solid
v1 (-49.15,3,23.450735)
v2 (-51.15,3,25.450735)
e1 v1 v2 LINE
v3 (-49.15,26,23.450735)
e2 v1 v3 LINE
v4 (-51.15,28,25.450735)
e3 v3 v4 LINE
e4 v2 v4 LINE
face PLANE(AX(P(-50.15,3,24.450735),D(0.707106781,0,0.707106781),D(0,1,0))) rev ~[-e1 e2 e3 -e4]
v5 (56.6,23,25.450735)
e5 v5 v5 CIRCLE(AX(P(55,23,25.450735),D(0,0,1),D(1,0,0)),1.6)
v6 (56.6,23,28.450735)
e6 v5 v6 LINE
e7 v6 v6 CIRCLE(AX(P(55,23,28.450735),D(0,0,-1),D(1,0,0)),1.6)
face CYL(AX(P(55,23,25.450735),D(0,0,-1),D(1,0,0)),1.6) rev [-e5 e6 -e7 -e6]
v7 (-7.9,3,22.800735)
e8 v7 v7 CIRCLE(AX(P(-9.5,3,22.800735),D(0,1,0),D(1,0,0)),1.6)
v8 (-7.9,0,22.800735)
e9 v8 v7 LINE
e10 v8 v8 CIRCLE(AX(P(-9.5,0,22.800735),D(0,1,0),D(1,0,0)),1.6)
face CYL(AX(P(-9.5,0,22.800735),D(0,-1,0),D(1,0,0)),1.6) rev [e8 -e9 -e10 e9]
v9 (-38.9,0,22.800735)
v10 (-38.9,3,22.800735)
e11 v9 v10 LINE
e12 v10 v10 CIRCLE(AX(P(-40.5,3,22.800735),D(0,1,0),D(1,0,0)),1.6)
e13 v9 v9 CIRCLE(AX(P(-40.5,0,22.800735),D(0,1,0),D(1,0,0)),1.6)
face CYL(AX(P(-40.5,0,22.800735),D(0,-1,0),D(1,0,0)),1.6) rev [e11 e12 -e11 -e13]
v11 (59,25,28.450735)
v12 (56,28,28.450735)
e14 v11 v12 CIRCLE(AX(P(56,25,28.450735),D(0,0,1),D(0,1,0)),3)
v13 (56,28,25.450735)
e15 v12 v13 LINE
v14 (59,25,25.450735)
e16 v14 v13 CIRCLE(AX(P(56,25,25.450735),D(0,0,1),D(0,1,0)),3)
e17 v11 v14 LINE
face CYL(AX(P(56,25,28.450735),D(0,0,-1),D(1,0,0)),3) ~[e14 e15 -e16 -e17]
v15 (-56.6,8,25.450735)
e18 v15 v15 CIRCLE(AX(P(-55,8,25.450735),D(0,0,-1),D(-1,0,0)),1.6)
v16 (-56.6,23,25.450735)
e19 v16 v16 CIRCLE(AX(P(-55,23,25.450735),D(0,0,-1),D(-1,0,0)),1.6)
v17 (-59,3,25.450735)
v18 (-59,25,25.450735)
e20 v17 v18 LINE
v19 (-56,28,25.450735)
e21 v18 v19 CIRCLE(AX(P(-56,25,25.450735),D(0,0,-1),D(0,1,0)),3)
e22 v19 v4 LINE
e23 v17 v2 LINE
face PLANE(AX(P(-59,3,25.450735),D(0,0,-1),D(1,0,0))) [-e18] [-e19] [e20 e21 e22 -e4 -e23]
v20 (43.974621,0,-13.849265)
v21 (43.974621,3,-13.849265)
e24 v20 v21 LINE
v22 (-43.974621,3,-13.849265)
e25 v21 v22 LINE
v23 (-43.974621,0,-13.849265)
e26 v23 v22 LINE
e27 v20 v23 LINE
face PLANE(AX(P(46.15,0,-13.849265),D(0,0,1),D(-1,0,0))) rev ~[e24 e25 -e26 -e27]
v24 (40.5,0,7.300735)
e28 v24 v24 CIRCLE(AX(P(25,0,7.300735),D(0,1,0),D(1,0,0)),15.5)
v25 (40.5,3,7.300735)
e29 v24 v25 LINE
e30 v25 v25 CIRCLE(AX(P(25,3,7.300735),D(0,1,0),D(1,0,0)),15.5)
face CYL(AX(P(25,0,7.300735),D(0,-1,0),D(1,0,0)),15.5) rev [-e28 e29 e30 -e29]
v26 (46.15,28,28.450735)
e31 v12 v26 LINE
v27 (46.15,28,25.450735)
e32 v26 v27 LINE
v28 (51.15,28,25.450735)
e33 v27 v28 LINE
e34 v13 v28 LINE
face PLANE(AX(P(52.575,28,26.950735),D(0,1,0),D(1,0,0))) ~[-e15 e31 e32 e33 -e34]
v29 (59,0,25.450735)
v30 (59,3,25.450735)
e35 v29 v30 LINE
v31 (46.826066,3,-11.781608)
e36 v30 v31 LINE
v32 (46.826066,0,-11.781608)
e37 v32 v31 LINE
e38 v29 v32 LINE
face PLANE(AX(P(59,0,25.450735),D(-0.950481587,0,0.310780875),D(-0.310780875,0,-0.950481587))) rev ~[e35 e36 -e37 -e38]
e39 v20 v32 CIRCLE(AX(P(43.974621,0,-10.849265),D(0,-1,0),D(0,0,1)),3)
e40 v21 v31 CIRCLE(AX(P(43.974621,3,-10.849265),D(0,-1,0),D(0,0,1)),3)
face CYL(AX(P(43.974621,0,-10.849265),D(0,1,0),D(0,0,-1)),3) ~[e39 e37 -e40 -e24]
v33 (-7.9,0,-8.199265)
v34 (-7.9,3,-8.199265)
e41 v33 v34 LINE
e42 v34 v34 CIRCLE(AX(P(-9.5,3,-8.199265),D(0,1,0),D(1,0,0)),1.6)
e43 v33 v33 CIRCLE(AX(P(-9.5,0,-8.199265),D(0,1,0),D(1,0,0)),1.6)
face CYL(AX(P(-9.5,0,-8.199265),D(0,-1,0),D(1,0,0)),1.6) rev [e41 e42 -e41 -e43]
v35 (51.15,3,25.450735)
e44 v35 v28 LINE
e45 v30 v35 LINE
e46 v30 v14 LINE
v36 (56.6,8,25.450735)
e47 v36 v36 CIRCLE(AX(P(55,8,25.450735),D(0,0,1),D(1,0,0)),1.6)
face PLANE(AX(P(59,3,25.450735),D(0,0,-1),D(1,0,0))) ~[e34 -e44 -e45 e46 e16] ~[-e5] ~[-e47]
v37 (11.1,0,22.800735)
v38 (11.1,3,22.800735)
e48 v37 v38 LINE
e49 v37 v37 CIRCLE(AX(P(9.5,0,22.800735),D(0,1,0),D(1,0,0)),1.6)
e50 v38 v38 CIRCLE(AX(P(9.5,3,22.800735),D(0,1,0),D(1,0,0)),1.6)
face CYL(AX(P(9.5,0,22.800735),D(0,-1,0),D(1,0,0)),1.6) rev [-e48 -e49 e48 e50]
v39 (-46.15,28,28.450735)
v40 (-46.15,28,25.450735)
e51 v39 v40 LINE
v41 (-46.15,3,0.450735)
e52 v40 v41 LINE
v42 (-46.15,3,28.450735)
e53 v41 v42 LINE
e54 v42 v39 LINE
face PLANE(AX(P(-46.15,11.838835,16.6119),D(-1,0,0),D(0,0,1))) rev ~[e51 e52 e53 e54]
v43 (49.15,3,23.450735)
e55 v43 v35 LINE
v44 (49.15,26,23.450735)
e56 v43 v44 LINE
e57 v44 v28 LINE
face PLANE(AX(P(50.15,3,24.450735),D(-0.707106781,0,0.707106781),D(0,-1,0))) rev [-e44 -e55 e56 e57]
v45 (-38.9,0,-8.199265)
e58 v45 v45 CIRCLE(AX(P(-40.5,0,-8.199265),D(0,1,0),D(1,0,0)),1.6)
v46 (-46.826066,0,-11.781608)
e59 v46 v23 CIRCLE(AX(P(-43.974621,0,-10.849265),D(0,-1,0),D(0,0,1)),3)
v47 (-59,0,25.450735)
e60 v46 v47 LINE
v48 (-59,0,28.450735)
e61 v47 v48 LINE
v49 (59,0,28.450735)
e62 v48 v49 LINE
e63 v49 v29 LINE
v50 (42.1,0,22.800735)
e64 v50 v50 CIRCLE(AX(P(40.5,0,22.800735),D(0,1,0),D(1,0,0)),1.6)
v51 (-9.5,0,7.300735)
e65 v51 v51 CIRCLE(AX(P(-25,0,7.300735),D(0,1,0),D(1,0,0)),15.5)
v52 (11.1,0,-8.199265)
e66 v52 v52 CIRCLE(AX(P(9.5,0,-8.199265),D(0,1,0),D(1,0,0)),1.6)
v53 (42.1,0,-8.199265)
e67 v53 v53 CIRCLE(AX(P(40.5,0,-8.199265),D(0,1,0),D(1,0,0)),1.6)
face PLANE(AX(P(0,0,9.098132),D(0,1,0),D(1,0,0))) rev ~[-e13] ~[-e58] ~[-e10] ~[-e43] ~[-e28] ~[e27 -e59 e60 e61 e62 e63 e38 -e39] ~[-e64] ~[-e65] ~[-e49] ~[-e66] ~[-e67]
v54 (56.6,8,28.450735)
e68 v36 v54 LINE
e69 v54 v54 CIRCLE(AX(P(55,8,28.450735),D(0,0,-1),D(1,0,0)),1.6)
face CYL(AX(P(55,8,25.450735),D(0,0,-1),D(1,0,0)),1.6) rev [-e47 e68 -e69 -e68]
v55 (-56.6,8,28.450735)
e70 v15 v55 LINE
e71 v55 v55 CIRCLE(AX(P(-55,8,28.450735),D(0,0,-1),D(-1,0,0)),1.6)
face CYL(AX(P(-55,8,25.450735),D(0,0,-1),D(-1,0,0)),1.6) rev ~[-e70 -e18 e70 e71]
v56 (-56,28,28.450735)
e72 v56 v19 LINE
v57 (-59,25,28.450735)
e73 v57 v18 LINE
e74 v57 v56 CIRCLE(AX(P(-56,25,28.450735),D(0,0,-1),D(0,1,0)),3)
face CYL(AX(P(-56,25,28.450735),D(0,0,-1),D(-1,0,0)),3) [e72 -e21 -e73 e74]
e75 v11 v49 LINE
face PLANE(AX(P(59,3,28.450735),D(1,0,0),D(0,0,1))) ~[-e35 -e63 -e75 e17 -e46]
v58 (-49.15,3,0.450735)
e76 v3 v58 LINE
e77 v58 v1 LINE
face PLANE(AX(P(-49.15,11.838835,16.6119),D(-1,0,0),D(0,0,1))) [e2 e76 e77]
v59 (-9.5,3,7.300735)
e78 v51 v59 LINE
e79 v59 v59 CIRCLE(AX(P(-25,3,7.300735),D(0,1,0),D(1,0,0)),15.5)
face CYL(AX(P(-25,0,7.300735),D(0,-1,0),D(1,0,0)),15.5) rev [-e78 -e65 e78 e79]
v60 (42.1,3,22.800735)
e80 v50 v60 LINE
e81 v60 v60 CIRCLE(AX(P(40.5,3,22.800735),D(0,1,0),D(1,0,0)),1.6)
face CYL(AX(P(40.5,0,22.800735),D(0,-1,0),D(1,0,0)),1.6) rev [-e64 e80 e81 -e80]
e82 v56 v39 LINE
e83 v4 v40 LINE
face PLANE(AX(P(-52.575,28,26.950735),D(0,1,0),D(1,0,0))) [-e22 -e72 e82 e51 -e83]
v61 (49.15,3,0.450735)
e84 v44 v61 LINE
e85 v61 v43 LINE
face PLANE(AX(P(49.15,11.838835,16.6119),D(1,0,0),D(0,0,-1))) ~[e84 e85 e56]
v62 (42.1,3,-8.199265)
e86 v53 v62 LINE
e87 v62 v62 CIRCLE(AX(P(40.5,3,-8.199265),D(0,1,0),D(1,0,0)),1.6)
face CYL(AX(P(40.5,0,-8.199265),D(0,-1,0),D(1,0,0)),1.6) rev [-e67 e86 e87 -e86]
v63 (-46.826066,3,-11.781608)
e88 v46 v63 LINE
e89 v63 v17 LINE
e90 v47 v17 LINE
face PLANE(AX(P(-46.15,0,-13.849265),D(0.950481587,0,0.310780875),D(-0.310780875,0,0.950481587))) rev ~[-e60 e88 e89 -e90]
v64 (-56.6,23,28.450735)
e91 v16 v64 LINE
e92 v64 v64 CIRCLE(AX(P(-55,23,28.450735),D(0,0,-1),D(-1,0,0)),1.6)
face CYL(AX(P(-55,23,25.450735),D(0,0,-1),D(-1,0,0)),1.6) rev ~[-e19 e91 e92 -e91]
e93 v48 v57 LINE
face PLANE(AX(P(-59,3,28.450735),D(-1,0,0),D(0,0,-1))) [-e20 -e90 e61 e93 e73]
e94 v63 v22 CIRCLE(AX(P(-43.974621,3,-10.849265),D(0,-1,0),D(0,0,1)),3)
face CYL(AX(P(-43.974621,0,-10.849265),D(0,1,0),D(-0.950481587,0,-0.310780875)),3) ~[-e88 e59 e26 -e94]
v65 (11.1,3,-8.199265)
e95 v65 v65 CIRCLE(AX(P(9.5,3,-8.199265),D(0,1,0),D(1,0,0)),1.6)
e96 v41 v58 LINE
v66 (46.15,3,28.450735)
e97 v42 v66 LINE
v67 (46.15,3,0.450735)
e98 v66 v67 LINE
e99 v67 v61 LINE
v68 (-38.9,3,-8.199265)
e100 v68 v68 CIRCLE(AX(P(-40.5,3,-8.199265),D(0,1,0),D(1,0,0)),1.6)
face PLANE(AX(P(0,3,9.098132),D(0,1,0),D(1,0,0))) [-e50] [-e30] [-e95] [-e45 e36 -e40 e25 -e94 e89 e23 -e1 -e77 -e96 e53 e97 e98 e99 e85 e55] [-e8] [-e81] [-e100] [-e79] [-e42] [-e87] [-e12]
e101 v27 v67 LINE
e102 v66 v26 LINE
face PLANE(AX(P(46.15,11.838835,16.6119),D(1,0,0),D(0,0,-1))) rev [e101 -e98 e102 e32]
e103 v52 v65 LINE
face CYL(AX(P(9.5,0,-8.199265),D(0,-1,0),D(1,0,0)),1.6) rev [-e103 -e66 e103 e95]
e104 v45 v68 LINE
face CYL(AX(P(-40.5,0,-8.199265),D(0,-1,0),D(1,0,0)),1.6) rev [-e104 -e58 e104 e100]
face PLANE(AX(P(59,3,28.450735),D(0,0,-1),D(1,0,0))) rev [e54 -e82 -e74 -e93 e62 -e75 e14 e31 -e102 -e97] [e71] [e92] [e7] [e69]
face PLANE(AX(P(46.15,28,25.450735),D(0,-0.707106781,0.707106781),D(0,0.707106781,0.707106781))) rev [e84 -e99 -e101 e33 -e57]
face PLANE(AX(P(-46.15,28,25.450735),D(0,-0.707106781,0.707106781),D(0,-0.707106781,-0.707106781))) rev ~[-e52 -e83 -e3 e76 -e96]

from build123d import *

# Parameters (mm, degrees)
SKETCH1_R                = 1.6
SKETCH1_R_2              = 15.5
BOSS_EXTRUDE1_DEPTH      = 3
SKETCH2_W                = 12.85
SKETCH2_H                = 3
BOSS_EXTRUDE2_DEPTH      = 25
SKETCH3_R                = 1.6
CUT_EXTRUDE1_DEPTH       = 4
BOSS_EXTRUDE3_DEPTH      = 3
CHAMFER1_SIZE            = 2
FILLET1_R                = 3
FILLET2_R                = 3
CHAMFER1_OF_MIRROR1_SIZE = 2
FILLET1_OF_MIRROR1_R     = 3


with BuildPart() as part:
    # Sketch1 → Boss-Extrude1 (new body)
    with BuildSketch(Plane(origin=(0, 0, 0), x_dir=(1, 0, 0), z_dir=(0, 1, 0))):
        Polygon((46.15, 13.849265428), (-46.15, 13.849265428), (-59, -25.450734572), (-59, -28.450734572), (59, -28.450734572), (59, -25.450734572), align=None)
        with Locations((-40.5, 8.199265428)):
            Circle(SKETCH1_R, mode=Mode.SUBTRACT)
        with Locations((-9.5, 8.199265428)):
            Circle(SKETCH1_R, mode=Mode.SUBTRACT)
        with Locations((-40.5, -22.800734572)):
            Circle(SKETCH1_R, mode=Mode.SUBTRACT)
        with Locations((-9.5, -22.800734572)):
            Circle(SKETCH1_R, mode=Mode.SUBTRACT)
        with Locations((-25, -7.300734572)):
            Circle(SKETCH1_R_2, mode=Mode.SUBTRACT)
        with Locations((40.5, -22.800734572)):
            Circle(SKETCH1_R, mode=Mode.SUBTRACT)
        with Locations((9.5, -22.800734572)):
            Circle(SKETCH1_R, mode=Mode.SUBTRACT)
        with Locations((9.5, 8.199265428)):
            Circle(SKETCH1_R, mode=Mode.SUBTRACT)
        with Locations((40.5, 8.199265428)):
            Circle(SKETCH1_R, mode=Mode.SUBTRACT)
        with Locations((25, -7.300734572)):
            Circle(SKETCH1_R_2, mode=Mode.SUBTRACT)
    extrude(amount=BOSS_EXTRUDE1_DEPTH)

    # Sketch2 → Boss-Extrude2 (add)
    with BuildSketch(Plane(origin=(0, 3, 0), x_dir=(1, 0, 0), z_dir=(0, 1, 0))):
        with Locations((-52.575, -26.950734572)):
            Rectangle(SKETCH2_W, SKETCH2_H)
    boss_extrude2 = extrude(amount=BOSS_EXTRUDE2_DEPTH)

    # Sketch3 → Cut-Extrude1 (cut, through all)
    with BuildSketch(Plane(origin=(0, 0, 25.450734572), x_dir=(-1, 0, 0), z_dir=(0, 0, -1))):
        with Locations((55, 8)):
            Circle(SKETCH3_R)
        with Locations((55, 23)):
            Circle(SKETCH3_R)
    cut_extrude1 = extrude(amount=-CUT_EXTRUDE1_DEPTH, mode=Mode.SUBTRACT)

    # Sketch4 → Boss-Extrude3 (add)
    with BuildSketch(Plane(origin=(-46.15, 0, 0), x_dir=(0, 0, -1), z_dir=(1, 0, 0))):
        Polygon((-25.450734572, 28), (-0.450734572, 3), (-25.450734572, 3), align=None)
    boss_extrude3 = extrude(amount=-BOSS_EXTRUDE3_DEPTH)

    # Chamfer1
    chamfer1_edges = [part.edges().sort_by_distance(p)[0] for p in [
        (-49.15, 15.5, 25.450734572),
    ]]
    chamfer(chamfer1_edges, length=CHAMFER1_SIZE)

    # Fillet1
    fillet1_edges = [part.edges().sort_by_distance(p)[0] for p in [
        (-59, 28, 26.950734572),
    ]]
    fillet(fillet1_edges, radius=FILLET1_R)

    # Fillet2
    fillet2_edges = [part.edges().sort_by_distance(p)[0] for p in [
        (-46.15, 1.5, -13.849265428),
        (46.15, 1.5, -13.849265428),
    ]]
    fillet(fillet2_edges, radius=FILLET2_R)

    # Mirror1: Boss-Extrude2, Cut-Extrude1, Boss-Extrude3 across plane
    add(boss_extrude2.mirror(Plane(origin=(0, 0, 0), x_dir=(0, 0, 1), z_dir=(1, 0, 0))))
    add(cut_extrude1.mirror(Plane(origin=(0, 0, 0), x_dir=(0, 0, 1), z_dir=(1, 0, 0))), mode=Mode.SUBTRACT)
    add(boss_extrude3.mirror(Plane(origin=(0, 0, 0), x_dir=(0, 0, 1), z_dir=(1, 0, 0))))

    # Chamfer1 of Mirror1
    chamfer1_of_mirror1_edges = [part.edges().sort_by_distance(p)[0] for p in [
        (49.15, 15.5, 25.450734572),
    ]]
    chamfer(chamfer1_of_mirror1_edges, length=CHAMFER1_OF_MIRROR1_SIZE)

    # Fillet1 of Mirror1
    fillet1_of_mirror1_edges = [part.edges().sort_by_distance(p)[0] for p in [
        (59, 28, 26.950734572),
    ]]
    fillet(fillet1_of_mirror1_edges, radius=FILLET1_OF_MIRROR1_R)


solid = part.part
